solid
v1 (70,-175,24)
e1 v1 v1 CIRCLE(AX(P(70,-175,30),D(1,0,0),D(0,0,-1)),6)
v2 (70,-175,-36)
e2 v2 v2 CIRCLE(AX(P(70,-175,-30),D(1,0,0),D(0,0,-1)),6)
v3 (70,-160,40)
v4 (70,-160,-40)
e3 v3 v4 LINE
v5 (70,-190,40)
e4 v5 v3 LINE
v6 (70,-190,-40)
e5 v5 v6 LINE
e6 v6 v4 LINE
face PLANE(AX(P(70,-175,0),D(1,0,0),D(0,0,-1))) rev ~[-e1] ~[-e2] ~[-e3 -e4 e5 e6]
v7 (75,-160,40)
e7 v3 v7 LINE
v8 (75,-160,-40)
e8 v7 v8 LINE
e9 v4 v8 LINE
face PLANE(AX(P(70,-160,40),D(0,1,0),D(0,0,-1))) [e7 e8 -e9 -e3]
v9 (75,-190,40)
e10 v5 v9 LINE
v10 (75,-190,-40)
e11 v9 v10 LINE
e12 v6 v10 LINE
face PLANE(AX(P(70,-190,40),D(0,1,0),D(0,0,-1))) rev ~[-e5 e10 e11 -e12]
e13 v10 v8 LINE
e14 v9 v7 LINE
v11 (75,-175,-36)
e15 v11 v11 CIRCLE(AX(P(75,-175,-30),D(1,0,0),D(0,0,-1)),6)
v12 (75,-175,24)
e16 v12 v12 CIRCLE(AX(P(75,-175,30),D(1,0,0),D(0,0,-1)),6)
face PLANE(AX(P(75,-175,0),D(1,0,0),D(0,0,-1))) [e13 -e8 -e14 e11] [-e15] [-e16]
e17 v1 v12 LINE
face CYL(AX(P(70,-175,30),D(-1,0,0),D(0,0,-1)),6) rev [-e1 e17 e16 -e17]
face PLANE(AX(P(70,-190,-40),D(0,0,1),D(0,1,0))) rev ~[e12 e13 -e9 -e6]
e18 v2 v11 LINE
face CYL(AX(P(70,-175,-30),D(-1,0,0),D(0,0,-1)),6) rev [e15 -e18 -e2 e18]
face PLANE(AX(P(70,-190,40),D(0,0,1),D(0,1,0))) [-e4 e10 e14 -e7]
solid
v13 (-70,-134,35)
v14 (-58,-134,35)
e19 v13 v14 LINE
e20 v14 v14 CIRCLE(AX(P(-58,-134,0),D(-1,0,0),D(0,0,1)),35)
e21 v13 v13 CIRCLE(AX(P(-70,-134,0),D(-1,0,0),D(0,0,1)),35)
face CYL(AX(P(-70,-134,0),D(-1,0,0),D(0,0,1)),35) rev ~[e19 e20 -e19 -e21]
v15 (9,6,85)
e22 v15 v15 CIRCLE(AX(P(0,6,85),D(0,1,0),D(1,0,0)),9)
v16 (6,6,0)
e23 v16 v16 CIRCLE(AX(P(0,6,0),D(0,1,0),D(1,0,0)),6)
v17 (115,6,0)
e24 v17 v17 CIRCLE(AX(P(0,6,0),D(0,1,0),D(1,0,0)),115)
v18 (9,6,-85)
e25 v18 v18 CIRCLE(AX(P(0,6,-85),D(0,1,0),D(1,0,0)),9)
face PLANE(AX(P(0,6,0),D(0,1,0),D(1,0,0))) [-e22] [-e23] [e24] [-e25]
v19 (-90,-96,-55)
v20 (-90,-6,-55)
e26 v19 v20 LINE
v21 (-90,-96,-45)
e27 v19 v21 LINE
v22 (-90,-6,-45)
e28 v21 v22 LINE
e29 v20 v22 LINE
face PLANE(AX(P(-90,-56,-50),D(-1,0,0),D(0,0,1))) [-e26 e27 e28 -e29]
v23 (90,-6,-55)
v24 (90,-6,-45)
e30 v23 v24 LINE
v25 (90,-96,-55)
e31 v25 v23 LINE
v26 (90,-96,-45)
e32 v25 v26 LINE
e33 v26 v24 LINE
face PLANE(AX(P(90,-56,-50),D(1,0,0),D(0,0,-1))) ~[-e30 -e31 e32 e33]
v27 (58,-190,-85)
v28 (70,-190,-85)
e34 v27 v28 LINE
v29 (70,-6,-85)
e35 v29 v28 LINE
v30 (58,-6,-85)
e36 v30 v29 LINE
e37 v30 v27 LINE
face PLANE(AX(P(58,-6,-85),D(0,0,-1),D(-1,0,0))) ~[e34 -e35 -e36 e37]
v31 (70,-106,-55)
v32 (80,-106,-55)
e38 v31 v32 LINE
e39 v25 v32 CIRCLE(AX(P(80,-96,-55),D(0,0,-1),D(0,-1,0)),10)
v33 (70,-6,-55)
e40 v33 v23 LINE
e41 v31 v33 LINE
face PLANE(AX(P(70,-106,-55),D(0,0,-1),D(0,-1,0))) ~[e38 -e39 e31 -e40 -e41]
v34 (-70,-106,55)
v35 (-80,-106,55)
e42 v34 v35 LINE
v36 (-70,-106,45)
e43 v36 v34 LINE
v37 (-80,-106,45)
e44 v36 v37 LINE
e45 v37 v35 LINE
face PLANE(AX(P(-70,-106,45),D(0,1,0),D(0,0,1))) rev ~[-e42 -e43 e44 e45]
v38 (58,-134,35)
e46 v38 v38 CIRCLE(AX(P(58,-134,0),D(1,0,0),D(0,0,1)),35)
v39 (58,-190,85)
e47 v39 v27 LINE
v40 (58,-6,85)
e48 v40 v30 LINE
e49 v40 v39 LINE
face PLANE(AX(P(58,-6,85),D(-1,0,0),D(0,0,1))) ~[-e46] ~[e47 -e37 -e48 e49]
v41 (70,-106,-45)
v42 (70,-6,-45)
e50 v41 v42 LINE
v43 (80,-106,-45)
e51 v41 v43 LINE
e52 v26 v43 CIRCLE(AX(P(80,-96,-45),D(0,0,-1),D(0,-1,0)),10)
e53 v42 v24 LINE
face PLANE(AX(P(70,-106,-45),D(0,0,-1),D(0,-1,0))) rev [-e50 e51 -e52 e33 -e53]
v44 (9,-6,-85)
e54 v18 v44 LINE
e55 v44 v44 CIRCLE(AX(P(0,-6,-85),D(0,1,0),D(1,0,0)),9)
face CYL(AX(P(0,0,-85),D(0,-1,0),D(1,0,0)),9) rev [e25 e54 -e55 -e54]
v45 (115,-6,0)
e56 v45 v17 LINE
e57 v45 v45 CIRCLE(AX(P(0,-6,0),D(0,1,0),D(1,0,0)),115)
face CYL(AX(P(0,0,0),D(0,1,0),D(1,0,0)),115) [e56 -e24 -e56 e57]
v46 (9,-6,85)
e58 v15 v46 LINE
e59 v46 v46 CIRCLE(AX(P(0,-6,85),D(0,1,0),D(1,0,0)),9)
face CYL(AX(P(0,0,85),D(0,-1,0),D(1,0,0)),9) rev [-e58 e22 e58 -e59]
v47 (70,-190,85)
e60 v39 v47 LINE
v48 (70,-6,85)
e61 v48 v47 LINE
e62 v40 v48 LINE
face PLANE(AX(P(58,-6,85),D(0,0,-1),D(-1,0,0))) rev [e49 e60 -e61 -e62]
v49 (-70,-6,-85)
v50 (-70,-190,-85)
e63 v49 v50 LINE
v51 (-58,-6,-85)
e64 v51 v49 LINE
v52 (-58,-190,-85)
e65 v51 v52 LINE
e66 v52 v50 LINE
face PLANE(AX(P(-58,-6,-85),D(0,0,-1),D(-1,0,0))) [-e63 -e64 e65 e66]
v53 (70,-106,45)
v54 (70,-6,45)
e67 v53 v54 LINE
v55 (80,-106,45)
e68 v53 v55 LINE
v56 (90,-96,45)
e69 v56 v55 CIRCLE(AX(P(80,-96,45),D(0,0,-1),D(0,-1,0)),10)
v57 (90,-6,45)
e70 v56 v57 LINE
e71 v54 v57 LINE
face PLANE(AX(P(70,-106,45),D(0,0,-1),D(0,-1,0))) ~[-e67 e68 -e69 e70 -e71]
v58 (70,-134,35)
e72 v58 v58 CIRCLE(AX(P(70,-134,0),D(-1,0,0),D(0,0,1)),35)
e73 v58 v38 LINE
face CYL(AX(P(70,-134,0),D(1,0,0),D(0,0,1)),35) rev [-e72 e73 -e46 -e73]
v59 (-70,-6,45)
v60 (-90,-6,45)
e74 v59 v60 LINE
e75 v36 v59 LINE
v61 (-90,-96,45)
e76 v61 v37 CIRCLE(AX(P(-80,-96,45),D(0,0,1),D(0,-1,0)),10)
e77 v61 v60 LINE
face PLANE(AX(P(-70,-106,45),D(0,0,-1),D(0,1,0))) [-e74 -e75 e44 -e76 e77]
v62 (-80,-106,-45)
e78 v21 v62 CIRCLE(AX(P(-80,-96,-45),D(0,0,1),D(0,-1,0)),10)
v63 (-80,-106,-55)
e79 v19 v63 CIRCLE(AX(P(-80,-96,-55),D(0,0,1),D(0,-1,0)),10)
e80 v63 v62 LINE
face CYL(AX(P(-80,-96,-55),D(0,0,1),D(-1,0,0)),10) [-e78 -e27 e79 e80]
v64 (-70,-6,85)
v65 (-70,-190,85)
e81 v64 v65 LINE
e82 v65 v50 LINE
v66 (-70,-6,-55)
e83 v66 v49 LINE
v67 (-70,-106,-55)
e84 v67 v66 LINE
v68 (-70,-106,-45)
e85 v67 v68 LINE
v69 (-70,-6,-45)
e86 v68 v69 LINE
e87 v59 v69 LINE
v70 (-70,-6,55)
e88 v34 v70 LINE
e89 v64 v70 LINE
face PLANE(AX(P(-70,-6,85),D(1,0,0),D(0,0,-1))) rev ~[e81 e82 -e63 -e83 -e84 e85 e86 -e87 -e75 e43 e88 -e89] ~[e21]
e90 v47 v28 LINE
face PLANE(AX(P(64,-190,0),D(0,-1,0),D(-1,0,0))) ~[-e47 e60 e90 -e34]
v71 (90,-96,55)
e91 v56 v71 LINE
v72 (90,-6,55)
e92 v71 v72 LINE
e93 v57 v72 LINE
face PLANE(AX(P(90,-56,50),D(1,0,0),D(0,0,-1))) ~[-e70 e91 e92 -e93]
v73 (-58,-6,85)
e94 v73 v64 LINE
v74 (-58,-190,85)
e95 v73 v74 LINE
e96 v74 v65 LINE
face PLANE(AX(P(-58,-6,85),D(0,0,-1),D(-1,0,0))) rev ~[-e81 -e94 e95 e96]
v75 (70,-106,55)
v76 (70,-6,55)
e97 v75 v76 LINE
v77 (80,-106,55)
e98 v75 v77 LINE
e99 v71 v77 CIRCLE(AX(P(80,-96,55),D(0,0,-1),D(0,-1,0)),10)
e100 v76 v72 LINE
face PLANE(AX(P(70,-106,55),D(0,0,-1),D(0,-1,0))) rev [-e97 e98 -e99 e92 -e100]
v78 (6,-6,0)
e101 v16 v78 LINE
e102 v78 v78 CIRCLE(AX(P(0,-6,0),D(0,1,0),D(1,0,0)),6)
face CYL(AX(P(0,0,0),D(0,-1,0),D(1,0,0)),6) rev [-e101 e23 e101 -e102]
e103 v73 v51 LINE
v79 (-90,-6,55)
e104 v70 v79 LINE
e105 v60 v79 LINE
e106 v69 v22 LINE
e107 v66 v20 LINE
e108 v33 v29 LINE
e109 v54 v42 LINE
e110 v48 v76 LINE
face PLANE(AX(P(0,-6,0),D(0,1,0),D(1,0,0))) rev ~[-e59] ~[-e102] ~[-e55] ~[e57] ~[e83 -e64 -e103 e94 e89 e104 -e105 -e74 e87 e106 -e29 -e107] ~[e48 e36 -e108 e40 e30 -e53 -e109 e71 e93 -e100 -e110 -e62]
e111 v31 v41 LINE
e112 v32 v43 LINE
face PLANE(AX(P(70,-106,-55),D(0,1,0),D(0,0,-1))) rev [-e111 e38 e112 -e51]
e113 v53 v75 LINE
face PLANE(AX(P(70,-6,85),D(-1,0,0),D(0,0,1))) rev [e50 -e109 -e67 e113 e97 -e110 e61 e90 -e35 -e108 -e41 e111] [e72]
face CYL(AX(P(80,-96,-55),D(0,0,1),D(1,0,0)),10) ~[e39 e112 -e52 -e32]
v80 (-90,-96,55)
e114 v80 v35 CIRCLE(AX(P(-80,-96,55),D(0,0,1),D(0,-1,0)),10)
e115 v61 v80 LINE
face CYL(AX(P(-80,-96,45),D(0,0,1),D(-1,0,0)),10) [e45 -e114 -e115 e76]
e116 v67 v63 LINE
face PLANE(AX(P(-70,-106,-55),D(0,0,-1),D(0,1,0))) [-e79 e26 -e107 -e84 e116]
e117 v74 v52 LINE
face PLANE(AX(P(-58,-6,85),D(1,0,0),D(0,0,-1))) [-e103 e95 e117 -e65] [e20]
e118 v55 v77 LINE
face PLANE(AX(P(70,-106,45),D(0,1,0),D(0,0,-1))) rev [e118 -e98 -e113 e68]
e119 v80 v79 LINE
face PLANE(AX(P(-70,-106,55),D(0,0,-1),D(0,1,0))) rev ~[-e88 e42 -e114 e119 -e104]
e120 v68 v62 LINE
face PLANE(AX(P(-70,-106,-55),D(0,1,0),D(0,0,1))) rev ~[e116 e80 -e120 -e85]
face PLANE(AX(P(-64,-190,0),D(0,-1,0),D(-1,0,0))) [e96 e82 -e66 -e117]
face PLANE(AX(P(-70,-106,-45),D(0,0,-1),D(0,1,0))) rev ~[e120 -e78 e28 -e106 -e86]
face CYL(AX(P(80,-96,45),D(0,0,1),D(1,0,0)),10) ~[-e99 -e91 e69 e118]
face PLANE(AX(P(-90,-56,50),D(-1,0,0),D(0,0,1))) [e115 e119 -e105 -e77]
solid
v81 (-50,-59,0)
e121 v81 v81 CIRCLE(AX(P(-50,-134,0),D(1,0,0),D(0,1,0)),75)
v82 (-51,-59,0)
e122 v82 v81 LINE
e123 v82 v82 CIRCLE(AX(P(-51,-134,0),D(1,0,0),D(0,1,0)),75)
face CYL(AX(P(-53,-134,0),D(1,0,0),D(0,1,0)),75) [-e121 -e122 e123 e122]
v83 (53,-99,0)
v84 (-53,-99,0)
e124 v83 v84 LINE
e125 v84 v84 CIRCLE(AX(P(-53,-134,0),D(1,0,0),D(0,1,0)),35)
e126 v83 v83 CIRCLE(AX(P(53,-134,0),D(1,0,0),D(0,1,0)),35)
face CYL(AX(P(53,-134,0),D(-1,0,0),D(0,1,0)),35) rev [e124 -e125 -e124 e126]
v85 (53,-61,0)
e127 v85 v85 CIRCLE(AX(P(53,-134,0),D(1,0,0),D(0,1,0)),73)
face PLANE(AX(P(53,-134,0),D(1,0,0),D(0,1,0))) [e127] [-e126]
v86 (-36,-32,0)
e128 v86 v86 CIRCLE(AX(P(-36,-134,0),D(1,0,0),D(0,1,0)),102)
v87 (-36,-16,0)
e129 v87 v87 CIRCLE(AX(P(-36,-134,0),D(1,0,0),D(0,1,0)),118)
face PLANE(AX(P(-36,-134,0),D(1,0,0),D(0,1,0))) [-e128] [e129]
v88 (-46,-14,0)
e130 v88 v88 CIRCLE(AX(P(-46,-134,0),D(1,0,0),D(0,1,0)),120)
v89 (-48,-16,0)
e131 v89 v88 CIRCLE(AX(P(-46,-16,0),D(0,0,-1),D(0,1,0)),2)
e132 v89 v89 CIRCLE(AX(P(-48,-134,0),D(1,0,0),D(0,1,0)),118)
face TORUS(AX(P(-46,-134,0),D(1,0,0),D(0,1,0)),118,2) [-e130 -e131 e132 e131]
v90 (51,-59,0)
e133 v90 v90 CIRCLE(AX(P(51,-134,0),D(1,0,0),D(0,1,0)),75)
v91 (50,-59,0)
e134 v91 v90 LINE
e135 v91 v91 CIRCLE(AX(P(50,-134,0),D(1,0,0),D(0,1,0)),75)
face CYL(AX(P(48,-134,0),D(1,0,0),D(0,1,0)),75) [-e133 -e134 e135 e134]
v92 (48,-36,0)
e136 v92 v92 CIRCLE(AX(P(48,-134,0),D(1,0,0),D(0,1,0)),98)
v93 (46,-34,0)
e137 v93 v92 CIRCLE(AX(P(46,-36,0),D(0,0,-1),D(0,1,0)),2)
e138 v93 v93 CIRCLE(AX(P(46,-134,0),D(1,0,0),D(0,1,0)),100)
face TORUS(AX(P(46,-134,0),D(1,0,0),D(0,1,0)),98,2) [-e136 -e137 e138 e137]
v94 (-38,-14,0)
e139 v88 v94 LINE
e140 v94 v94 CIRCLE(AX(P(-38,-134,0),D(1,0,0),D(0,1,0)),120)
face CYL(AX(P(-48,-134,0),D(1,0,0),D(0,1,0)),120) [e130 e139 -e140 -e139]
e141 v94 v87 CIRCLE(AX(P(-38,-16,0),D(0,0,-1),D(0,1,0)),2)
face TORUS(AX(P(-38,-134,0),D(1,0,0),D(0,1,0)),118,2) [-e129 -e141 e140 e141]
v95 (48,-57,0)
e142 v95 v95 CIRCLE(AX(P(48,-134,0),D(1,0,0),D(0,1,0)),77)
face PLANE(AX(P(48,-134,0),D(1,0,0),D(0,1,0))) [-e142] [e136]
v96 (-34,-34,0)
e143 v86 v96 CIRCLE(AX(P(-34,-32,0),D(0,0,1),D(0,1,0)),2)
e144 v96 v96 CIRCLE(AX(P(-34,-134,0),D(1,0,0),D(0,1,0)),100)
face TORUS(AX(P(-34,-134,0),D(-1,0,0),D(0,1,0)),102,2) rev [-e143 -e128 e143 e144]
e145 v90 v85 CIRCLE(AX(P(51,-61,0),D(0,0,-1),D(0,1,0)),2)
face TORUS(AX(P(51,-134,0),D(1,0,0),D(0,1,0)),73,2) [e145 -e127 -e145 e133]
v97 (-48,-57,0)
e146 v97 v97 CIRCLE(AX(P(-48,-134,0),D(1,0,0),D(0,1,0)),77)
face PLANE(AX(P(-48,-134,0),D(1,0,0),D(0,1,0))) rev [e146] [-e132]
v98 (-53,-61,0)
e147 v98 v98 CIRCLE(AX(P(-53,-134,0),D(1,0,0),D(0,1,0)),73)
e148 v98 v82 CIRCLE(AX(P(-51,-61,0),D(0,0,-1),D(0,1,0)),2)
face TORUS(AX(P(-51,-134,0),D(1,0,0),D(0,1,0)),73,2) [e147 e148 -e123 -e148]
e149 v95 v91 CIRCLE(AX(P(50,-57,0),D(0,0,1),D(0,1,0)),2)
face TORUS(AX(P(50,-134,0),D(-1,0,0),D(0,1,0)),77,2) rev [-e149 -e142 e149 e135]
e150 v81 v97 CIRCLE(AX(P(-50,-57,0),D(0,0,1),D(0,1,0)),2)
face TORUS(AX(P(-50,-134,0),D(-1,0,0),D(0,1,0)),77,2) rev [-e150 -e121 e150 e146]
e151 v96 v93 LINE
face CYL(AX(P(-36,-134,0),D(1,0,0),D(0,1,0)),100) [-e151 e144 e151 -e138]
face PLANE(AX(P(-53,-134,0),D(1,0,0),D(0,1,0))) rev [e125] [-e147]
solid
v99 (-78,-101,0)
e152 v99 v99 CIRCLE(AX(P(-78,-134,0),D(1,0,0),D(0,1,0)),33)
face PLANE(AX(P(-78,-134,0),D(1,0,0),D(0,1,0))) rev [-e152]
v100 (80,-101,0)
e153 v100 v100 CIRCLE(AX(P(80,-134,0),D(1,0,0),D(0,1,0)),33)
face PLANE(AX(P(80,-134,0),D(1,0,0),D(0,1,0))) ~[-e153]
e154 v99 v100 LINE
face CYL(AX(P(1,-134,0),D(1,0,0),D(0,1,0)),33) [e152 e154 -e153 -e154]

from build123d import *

# Parameters (mm, degrees)
SKETCH1_R            = 115
SKETCH1_R_2          = 9
SKETCH1_R_3          = 6
BOSS_EXTRUDE1_DEPTH  = 6
SKETCH2_W            = 12
SKETCH2_H            = 170
BOSS_EXTRUDE2_DEPTH  = 184
SKETCH3_R            = 35
CUT_EXTRUDE1_DEPTH   = 184
SKETCH6_W            = 10
SKETCH6_H            = 100
EXTRUDE_THIN1_DEPTH  = 20
FILLET2_R            = 10
FILLET2_OF_MIRROR1_R = 10
SKETCH5_W            = 158
SKETCH5_H            = 33
FILLET1_R            = 2
SKETCH7_W            = 80
SKETCH7_H            = 30
SKETCH7_R            = 6
BOSS_EXTRUDE3_DEPTH  = 5


with BuildPart() as part:
    # Sketch1 → Boss-Extrude1 (new body, symmetric)
    with BuildSketch(Plane(origin=(0, 0, 0), x_dir=(1, 0, 0), z_dir=(0, 1, 0))):
        Circle(SKETCH1_R)
        with Locations((0, 85)):
            Circle(SKETCH1_R_2, mode=Mode.SUBTRACT)
        with Locations((0, -85)):
            Circle(SKETCH1_R_2, mode=Mode.SUBTRACT)
        Circle(SKETCH1_R_3, mode=Mode.SUBTRACT)
    extrude(amount=BOSS_EXTRUDE1_DEPTH, both=True)

    # Sketch2 → Boss-Extrude2 (add)
    with BuildSketch(Plane(origin=(0, -6, 0), x_dir=(-1, 0, 0), z_dir=(0, -1, 0))):
        with Locations((64, 0)):
            Rectangle(SKETCH2_W, SKETCH2_H)
    boss_extrude2 = extrude(amount=BOSS_EXTRUDE2_DEPTH)

    # Sketch3 → Cut-Extrude1 (cut)
    with BuildSketch(Plane.ZY.offset(70)):
        with Locations((0, -134)):
            Circle(SKETCH3_R)
    cut_extrude1 = extrude(amount=-CUT_EXTRUDE1_DEPTH, mode=Mode.SUBTRACT)

    # Sketch6 → Extrude-Thin1 (add)
    with BuildSketch(Plane.ZY.offset(70)):
        with Locations((-50, -56)):
            Rectangle(SKETCH6_W, SKETCH6_H)
        with Locations((50, -56)):
            Rectangle(SKETCH6_W, SKETCH6_H)
    extrude_thin1 = extrude(amount=EXTRUDE_THIN1_DEPTH)

    # Fillet2
    fillet2_edges = [part.edges().sort_by_distance(p)[0] for p in [
        (-90, -106, -50),
        (-90, -106, 50),
    ]]
    fillet(fillet2_edges, radius=FILLET2_R)

    # Mirror1: Boss-Extrude2, Cut-Extrude1, Extrude-Thin1 across plane
    add(boss_extrude2.mirror(Plane(origin=(0, 0, 0), x_dir=(0, 0, 1), z_dir=(1, 0, 0))))
    add(cut_extrude1.mirror(Plane(origin=(0, 0, 0), x_dir=(0, 0, 1), z_dir=(1, 0, 0))), mode=Mode.SUBTRACT)
    add(extrude_thin1.mirror(Plane(origin=(0, 0, 0), x_dir=(0, 0, 1), z_dir=(1, 0, 0))))

    # Fillet2 of Mirror1
    fillet2_of_mirror1_edges = [part.edges().sort_by_distance(p)[0] for p in [
        (90, -106, -50),
        (90, -106, 50),
    ]]
    fillet(fillet2_of_mirror1_edges, radius=FILLET2_OF_MIRROR1_R)


with BuildPart() as body_2:
    # Sketch5 → Revolve1 (revolve)
    with BuildSketch(Plane.XY):
        Polygon((-53, -99), (-53, -59), (-48, -59), (-48, -14), (-36, -14), (-36, -34), (48, -34), (48, -59), (53, -59), (53, -99), align=None)
        with Locations((1, -117.5)):
            Rectangle(SKETCH5_W, SKETCH5_H)
    revolve(axis=Axis((-70, -134, 0), (1, 0, 0)))

    # Fillet1
    fillet1_edges = [body_2.edges().sort_by_distance(p)[0] for p in [
        (-36, -254, 0),
        (-48, -254, 0),
        (-48, -209, 0),
        (-53, -209, 0),
        (53, -209, 0),
        (48, -209, 0),
        (48, -234, 0),
        (-36, -234, 0),
    ]]
    fillet(fillet1_edges, radius=FILLET1_R)


with BuildPart() as body_3:
    # Sketch7 → Boss-Extrude3 (new body)
    with BuildSketch(Plane(origin=(70, 0, 0), x_dir=(0, 0, -1), z_dir=(1, 0, 0))):
        with Locations((0, -175)):
            Rectangle(SKETCH7_W, SKETCH7_H)
        with Locations((-30, -175)):
            Circle(SKETCH7_R, mode=Mode.SUBTRACT)
        with Locations((30, -175)):
            Circle(SKETCH7_R, mode=Mode.SUBTRACT)
    extrude(amount=BOSS_EXTRUDE3_DEPTH)


solid = Compound([part.part, body_2.part, body_3.part])
